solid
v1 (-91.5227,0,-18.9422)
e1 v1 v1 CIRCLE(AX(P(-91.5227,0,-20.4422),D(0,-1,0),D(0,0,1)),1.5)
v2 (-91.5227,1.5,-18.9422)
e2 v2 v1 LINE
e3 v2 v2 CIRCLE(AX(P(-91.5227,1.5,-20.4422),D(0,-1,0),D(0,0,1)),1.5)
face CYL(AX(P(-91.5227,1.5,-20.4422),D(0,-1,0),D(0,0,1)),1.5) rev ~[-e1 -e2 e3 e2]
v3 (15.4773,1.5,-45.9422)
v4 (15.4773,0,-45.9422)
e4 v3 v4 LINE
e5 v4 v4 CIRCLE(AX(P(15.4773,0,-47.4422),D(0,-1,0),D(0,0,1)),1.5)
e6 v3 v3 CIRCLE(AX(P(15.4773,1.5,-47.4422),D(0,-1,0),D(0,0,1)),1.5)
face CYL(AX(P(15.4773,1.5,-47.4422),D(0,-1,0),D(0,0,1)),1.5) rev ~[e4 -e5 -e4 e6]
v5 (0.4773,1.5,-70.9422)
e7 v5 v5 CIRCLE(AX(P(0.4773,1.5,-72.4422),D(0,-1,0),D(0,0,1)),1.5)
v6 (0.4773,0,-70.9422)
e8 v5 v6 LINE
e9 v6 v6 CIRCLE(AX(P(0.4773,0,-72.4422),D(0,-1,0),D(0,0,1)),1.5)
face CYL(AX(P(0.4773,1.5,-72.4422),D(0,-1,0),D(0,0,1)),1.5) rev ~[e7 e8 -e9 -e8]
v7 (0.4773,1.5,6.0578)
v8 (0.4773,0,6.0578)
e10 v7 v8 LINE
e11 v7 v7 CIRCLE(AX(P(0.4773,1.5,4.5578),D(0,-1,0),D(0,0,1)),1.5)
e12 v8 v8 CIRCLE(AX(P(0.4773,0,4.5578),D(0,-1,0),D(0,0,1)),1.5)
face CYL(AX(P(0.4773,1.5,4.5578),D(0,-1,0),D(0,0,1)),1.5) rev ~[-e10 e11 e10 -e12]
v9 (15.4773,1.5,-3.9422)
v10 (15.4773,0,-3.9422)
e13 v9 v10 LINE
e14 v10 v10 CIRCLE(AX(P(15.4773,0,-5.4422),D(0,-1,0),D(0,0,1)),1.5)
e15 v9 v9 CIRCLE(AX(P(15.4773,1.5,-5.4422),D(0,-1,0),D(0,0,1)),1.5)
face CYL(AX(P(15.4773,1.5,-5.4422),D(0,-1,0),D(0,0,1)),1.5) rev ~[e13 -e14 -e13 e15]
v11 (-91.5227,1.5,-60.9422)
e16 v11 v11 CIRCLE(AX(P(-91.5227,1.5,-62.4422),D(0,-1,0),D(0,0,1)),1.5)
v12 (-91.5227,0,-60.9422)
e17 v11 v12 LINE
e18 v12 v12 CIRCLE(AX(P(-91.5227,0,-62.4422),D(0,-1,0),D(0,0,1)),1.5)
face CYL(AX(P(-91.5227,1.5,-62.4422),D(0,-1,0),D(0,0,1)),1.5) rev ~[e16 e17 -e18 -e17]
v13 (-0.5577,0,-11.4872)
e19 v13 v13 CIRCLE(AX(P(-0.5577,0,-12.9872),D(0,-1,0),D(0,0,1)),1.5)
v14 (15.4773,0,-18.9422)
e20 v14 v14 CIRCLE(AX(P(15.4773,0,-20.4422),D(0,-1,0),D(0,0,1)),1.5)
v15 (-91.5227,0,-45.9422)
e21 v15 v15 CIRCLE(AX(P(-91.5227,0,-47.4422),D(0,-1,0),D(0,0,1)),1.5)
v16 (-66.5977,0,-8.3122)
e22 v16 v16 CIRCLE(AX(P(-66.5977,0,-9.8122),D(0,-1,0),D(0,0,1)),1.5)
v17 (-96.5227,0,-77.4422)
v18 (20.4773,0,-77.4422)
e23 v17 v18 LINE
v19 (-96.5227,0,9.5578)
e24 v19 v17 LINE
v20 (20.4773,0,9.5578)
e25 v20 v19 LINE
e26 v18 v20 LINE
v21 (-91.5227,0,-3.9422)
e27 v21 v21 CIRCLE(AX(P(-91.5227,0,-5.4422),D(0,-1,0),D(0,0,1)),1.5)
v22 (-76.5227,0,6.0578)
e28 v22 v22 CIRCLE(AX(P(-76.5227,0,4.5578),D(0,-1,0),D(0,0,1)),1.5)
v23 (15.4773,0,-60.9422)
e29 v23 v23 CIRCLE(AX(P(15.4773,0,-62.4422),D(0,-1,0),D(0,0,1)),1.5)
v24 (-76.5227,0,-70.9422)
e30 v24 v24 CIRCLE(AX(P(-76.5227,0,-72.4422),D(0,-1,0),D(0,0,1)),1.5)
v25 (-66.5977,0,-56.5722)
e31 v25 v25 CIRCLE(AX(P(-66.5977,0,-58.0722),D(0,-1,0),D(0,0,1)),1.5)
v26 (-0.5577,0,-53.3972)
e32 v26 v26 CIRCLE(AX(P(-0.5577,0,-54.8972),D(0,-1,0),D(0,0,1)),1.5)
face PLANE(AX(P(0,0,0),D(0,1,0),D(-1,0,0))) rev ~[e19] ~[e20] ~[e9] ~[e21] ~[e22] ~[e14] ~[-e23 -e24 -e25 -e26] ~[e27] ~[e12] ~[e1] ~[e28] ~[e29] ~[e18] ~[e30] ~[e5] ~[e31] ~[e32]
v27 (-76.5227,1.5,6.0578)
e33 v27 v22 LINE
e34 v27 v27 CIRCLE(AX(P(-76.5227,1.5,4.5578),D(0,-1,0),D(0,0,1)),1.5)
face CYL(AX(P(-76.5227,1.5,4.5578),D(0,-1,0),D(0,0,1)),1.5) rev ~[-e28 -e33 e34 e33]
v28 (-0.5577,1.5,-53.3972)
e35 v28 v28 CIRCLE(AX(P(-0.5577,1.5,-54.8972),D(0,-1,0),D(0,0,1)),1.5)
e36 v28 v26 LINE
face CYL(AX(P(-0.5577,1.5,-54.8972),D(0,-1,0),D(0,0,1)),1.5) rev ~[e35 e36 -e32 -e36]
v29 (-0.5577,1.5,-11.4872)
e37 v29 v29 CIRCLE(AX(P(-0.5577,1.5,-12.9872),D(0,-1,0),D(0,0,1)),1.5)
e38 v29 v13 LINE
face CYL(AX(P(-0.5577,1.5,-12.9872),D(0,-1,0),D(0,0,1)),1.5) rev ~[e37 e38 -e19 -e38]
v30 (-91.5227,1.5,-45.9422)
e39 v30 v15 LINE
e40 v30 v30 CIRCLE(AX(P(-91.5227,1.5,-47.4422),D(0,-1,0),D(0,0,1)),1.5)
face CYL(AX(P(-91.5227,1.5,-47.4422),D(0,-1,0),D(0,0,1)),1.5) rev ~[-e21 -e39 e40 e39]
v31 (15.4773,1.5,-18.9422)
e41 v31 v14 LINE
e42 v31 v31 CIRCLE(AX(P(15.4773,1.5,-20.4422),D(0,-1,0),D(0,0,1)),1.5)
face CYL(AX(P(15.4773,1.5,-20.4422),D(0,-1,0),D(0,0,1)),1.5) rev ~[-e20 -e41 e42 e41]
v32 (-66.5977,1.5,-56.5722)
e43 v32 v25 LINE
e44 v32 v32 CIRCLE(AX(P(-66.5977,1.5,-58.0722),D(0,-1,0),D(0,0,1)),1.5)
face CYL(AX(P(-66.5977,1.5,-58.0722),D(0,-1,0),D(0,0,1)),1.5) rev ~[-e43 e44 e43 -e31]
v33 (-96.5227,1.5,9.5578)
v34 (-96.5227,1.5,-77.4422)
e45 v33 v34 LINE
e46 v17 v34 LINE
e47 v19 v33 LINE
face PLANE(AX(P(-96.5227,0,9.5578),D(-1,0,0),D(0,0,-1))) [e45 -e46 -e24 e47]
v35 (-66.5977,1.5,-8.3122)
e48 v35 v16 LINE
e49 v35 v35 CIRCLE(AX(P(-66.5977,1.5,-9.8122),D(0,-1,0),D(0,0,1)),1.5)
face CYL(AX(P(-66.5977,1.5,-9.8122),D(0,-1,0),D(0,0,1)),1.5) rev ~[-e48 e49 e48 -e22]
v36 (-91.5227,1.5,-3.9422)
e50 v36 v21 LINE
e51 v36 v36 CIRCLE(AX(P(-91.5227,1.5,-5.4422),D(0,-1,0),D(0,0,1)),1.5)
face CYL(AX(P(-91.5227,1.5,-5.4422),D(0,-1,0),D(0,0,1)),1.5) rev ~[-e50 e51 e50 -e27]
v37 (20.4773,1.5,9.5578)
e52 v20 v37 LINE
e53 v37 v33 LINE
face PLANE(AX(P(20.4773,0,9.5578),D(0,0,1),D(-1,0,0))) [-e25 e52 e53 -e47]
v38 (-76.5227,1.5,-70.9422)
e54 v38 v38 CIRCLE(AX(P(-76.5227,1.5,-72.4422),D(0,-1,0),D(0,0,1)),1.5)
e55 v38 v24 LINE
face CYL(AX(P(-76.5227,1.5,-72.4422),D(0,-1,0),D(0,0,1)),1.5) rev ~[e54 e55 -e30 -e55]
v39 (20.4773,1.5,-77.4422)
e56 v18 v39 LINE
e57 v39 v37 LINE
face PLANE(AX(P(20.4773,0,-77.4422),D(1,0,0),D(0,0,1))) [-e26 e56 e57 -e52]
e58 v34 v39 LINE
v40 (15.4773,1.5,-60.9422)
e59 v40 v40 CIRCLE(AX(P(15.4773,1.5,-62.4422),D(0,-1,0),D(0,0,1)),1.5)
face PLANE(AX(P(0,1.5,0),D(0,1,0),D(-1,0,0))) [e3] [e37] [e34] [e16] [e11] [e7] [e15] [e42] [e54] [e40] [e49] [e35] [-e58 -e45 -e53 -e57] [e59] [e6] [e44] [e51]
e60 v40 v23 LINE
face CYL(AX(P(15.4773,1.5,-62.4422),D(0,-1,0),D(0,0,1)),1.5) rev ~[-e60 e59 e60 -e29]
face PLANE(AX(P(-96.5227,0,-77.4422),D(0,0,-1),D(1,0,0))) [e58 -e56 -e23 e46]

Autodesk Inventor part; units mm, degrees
ref_plane "YZ Plane" through (0, 0, 0) normal (1, 0, 0) x (0, 1, 0)
ref_plane "XZ Plane" through (0, 0, 0) normal (0, 1, 0) x (-1, 0, 0)
ref_plane "XY Plane" through (0, 0, 0) normal (0, 0, 1) x (1, 0, 0)
sketch "スケッチ1" plane through (0, 0, 0) normal (0, 1, 0) x (-1, 0, 0)
  line L0 (-20.4773, 9.5578) -> (96.5227, 9.5578)
  line L1 (96.5227, 9.5578) -> (96.5227, -77.4422)
  line L2 (96.5227, -77.4422) -> (-20.4773, -77.4422)
  line L3 (-20.4773, -77.4422) -> (-20.4773, 9.5578)
  point P0 (0, 0)
  dimension "d0" = 117
  dimension "d1" = 87
extrude "押し出し1" add sketch "スケッチ1" along normal blind 1.5
sketch "スケッチ2" plane through (0, 1.5, 0) normal (0, 1, 0) x (1, 0, 0)
  line L0 (-96.5227, -9.5578) -> (20.4773, -9.5578) projected
  line L1 (20.4773, -9.5578) -> (20.4773, 77.4422) projected
  line L2 (20.4773, 77.4422) -> (-96.5227, 77.4422) projected
  line L3 (-96.5227, 77.4422) -> (-96.5227, -9.5578) projected
  point P0 (0, 0)
  point P1 (-76.5227, 72.4422)
  point P2 (0.4773, 72.4422)
  point P3 (-76.5227, -4.5578)
  point P4 (0.4773, -4.5578)
  dimension "d4" = 5
  dimension "d5" = 5
  dimension "d6" = 5
  dimension "d7" = 5
  dimension "d8" = 20
  dimension "d9" = 20
  dimension "d10" = 20
  dimension "d11" = 20
hole "穴1" at (-76.5227, 1.5, -72.4422) at (0.4773, 1.5, -72.4422) at (-76.5227, 1.5, 4.5578) at (0.4773, 1.5, 4.5578) direction (0, -1, 0) diameter 3 end through all
sketch "スケッチ3" plane through (0, 1.5, 0) normal (0, 1, 0) x (1, 0, 0)
  line L0 (-96.5227, -9.5578) -> (20.4773, -9.5578) projected
  line L1 (20.4773, -9.5578) -> (20.4773, 77.4422) projected
  line L2 (20.4773, 77.4422) -> (-96.5227, 77.4422) projected
  line L3 (-96.5227, 77.4422) -> (-96.5227, -9.5578) projected
  point P0 (0, 0)
  point P1 (-91.5227, 47.4422)
  point P2 (-91.5227, 47.4422)
  point P3 (-91.5227, 62.4422)
  point P4 (-91.5227, 20.4422)
  point P5 (-91.5227, 5.4422)
  point P6 (15.4773, 62.4422)
  point P7 (15.4773, 47.4422)
  point P8 (15.4773, 20.4422)
  point P9 (15.4773, 5.4422)
  dimension "d19" = 5
  dimension "d20" = 5
  dimension "d21" = 5
  dimension "d22" = 5
  dimension "d23" = 30
  dimension "d24" = 15
  dimension "d25" = 15
  dimension "d26" = 30
  dimension "d27" = 15
  dimension "d28" = 30
  dimension "d29" = 15
  dimension "d30" = 30
  dimension "d31" = 5
  dimension "d32" = 5
  dimension "d33" = 5
  dimension "d34" = 5
hole "穴2" at (-91.5227, 1.5, -47.4422) at (-91.5227, 1.5, -62.4422) at (-91.5227, 1.5, -20.4422) at (-91.5227, 1.5, -5.4422) at (15.4773, 1.5, -62.4422) at (15.4773, 1.5, -47.4422) at (15.4773, 1.5, -20.4422) at (15.4773, 1.5, -5.4422) direction (0, -1, 0) diameter 3 end through all
sketch "スケッチ4" plane through (0, 1.5, 0) normal (0, 1, 0) x (1, 0, 0)
  line L0 (20.4773, -9.5578) -> (20.4773, 77.4422) projected
  line L1 (20.4773, 77.4422) -> (-96.5227, 77.4422) projected
  line L2 (5.1573, 61.2472) -> (-81.2027, 61.2472)
  line L3 (-81.2027, 61.2472) -> (-81.2027, 6.6372)
  line L4 (-81.2027, 61.2472) -> (5.1573, 61.2472)
  line L5 (5.1573, 6.6372) -> (-81.2027, 6.6372)
  line L6 (-81.2027, 6.6372) -> (-81.2027, 61.2472)
  line L7 (-81.2027, 6.6372) -> (5.1573, 6.6372)
  line L8 (5.1573, 6.6372) -> (5.1573, 61.2472)
  point P0 (-96.5227, -9.5578)
  point P1 (0, 0)
  point P2 (0, 0)
  point P3 (0, 0)
  point P4 (-0.5577, 54.8972)
  point P5 (-0.5577, 12.9872)
  point P6 (-66.5977, 9.8122)
  point P7 (-66.5977, 58.0722)
  dimension "d42" = 86.36
  dimension "d43" = 54.61
  dimension "d44" = 14.605
  dimension "d45" = 3.175
  dimension "d46" = 3.175
  dimension "d47" = 14.605
  dimension "d48" = 6.35
  dimension "d50" = 6.35
  dimension "d52" = 0
  dimension "d53" = 0
  dimension "d54" = 87
  dimension "d55" = 16.195
  dimension "d56" = 117
  dimension "d58" = 15.32
  dimension "d59" = 5.715
  dimension "d60" = 5.715
  dimension "d61" = 66.04
  dimension "d62" = 66.04
hole "穴3" at (-66.5977, 1.5, -58.0722) at (-66.5977, 1.5, -9.8122) at (-0.5577, 1.5, -12.9872) at (-0.5577, 1.5, -54.8972) direction (0, -1, 0) diameter 3 end through all
equation "\"d5\" = d4"
equation "\"d6\" = d4"
equation "\"d7\" = d6"
equation "\"d9\" = d8"
equation "\"d10\" = d8"
equation "\"d11\" = d9"
equation "\"d20\" = d19"
equation "\"d21\" = d20"
equation "\"d22\" = d20"
equation "\"d32\" = d31"
equation "\"d33\" = d32"
equation "\"d34\" = d33"
equation "\"d55\" = 0.5 * d54 - 0.5 * d43"
equation "\"d58\" = 0.5 * d56 - 0.5 * d42"
properties part number "バッテリー固定"
